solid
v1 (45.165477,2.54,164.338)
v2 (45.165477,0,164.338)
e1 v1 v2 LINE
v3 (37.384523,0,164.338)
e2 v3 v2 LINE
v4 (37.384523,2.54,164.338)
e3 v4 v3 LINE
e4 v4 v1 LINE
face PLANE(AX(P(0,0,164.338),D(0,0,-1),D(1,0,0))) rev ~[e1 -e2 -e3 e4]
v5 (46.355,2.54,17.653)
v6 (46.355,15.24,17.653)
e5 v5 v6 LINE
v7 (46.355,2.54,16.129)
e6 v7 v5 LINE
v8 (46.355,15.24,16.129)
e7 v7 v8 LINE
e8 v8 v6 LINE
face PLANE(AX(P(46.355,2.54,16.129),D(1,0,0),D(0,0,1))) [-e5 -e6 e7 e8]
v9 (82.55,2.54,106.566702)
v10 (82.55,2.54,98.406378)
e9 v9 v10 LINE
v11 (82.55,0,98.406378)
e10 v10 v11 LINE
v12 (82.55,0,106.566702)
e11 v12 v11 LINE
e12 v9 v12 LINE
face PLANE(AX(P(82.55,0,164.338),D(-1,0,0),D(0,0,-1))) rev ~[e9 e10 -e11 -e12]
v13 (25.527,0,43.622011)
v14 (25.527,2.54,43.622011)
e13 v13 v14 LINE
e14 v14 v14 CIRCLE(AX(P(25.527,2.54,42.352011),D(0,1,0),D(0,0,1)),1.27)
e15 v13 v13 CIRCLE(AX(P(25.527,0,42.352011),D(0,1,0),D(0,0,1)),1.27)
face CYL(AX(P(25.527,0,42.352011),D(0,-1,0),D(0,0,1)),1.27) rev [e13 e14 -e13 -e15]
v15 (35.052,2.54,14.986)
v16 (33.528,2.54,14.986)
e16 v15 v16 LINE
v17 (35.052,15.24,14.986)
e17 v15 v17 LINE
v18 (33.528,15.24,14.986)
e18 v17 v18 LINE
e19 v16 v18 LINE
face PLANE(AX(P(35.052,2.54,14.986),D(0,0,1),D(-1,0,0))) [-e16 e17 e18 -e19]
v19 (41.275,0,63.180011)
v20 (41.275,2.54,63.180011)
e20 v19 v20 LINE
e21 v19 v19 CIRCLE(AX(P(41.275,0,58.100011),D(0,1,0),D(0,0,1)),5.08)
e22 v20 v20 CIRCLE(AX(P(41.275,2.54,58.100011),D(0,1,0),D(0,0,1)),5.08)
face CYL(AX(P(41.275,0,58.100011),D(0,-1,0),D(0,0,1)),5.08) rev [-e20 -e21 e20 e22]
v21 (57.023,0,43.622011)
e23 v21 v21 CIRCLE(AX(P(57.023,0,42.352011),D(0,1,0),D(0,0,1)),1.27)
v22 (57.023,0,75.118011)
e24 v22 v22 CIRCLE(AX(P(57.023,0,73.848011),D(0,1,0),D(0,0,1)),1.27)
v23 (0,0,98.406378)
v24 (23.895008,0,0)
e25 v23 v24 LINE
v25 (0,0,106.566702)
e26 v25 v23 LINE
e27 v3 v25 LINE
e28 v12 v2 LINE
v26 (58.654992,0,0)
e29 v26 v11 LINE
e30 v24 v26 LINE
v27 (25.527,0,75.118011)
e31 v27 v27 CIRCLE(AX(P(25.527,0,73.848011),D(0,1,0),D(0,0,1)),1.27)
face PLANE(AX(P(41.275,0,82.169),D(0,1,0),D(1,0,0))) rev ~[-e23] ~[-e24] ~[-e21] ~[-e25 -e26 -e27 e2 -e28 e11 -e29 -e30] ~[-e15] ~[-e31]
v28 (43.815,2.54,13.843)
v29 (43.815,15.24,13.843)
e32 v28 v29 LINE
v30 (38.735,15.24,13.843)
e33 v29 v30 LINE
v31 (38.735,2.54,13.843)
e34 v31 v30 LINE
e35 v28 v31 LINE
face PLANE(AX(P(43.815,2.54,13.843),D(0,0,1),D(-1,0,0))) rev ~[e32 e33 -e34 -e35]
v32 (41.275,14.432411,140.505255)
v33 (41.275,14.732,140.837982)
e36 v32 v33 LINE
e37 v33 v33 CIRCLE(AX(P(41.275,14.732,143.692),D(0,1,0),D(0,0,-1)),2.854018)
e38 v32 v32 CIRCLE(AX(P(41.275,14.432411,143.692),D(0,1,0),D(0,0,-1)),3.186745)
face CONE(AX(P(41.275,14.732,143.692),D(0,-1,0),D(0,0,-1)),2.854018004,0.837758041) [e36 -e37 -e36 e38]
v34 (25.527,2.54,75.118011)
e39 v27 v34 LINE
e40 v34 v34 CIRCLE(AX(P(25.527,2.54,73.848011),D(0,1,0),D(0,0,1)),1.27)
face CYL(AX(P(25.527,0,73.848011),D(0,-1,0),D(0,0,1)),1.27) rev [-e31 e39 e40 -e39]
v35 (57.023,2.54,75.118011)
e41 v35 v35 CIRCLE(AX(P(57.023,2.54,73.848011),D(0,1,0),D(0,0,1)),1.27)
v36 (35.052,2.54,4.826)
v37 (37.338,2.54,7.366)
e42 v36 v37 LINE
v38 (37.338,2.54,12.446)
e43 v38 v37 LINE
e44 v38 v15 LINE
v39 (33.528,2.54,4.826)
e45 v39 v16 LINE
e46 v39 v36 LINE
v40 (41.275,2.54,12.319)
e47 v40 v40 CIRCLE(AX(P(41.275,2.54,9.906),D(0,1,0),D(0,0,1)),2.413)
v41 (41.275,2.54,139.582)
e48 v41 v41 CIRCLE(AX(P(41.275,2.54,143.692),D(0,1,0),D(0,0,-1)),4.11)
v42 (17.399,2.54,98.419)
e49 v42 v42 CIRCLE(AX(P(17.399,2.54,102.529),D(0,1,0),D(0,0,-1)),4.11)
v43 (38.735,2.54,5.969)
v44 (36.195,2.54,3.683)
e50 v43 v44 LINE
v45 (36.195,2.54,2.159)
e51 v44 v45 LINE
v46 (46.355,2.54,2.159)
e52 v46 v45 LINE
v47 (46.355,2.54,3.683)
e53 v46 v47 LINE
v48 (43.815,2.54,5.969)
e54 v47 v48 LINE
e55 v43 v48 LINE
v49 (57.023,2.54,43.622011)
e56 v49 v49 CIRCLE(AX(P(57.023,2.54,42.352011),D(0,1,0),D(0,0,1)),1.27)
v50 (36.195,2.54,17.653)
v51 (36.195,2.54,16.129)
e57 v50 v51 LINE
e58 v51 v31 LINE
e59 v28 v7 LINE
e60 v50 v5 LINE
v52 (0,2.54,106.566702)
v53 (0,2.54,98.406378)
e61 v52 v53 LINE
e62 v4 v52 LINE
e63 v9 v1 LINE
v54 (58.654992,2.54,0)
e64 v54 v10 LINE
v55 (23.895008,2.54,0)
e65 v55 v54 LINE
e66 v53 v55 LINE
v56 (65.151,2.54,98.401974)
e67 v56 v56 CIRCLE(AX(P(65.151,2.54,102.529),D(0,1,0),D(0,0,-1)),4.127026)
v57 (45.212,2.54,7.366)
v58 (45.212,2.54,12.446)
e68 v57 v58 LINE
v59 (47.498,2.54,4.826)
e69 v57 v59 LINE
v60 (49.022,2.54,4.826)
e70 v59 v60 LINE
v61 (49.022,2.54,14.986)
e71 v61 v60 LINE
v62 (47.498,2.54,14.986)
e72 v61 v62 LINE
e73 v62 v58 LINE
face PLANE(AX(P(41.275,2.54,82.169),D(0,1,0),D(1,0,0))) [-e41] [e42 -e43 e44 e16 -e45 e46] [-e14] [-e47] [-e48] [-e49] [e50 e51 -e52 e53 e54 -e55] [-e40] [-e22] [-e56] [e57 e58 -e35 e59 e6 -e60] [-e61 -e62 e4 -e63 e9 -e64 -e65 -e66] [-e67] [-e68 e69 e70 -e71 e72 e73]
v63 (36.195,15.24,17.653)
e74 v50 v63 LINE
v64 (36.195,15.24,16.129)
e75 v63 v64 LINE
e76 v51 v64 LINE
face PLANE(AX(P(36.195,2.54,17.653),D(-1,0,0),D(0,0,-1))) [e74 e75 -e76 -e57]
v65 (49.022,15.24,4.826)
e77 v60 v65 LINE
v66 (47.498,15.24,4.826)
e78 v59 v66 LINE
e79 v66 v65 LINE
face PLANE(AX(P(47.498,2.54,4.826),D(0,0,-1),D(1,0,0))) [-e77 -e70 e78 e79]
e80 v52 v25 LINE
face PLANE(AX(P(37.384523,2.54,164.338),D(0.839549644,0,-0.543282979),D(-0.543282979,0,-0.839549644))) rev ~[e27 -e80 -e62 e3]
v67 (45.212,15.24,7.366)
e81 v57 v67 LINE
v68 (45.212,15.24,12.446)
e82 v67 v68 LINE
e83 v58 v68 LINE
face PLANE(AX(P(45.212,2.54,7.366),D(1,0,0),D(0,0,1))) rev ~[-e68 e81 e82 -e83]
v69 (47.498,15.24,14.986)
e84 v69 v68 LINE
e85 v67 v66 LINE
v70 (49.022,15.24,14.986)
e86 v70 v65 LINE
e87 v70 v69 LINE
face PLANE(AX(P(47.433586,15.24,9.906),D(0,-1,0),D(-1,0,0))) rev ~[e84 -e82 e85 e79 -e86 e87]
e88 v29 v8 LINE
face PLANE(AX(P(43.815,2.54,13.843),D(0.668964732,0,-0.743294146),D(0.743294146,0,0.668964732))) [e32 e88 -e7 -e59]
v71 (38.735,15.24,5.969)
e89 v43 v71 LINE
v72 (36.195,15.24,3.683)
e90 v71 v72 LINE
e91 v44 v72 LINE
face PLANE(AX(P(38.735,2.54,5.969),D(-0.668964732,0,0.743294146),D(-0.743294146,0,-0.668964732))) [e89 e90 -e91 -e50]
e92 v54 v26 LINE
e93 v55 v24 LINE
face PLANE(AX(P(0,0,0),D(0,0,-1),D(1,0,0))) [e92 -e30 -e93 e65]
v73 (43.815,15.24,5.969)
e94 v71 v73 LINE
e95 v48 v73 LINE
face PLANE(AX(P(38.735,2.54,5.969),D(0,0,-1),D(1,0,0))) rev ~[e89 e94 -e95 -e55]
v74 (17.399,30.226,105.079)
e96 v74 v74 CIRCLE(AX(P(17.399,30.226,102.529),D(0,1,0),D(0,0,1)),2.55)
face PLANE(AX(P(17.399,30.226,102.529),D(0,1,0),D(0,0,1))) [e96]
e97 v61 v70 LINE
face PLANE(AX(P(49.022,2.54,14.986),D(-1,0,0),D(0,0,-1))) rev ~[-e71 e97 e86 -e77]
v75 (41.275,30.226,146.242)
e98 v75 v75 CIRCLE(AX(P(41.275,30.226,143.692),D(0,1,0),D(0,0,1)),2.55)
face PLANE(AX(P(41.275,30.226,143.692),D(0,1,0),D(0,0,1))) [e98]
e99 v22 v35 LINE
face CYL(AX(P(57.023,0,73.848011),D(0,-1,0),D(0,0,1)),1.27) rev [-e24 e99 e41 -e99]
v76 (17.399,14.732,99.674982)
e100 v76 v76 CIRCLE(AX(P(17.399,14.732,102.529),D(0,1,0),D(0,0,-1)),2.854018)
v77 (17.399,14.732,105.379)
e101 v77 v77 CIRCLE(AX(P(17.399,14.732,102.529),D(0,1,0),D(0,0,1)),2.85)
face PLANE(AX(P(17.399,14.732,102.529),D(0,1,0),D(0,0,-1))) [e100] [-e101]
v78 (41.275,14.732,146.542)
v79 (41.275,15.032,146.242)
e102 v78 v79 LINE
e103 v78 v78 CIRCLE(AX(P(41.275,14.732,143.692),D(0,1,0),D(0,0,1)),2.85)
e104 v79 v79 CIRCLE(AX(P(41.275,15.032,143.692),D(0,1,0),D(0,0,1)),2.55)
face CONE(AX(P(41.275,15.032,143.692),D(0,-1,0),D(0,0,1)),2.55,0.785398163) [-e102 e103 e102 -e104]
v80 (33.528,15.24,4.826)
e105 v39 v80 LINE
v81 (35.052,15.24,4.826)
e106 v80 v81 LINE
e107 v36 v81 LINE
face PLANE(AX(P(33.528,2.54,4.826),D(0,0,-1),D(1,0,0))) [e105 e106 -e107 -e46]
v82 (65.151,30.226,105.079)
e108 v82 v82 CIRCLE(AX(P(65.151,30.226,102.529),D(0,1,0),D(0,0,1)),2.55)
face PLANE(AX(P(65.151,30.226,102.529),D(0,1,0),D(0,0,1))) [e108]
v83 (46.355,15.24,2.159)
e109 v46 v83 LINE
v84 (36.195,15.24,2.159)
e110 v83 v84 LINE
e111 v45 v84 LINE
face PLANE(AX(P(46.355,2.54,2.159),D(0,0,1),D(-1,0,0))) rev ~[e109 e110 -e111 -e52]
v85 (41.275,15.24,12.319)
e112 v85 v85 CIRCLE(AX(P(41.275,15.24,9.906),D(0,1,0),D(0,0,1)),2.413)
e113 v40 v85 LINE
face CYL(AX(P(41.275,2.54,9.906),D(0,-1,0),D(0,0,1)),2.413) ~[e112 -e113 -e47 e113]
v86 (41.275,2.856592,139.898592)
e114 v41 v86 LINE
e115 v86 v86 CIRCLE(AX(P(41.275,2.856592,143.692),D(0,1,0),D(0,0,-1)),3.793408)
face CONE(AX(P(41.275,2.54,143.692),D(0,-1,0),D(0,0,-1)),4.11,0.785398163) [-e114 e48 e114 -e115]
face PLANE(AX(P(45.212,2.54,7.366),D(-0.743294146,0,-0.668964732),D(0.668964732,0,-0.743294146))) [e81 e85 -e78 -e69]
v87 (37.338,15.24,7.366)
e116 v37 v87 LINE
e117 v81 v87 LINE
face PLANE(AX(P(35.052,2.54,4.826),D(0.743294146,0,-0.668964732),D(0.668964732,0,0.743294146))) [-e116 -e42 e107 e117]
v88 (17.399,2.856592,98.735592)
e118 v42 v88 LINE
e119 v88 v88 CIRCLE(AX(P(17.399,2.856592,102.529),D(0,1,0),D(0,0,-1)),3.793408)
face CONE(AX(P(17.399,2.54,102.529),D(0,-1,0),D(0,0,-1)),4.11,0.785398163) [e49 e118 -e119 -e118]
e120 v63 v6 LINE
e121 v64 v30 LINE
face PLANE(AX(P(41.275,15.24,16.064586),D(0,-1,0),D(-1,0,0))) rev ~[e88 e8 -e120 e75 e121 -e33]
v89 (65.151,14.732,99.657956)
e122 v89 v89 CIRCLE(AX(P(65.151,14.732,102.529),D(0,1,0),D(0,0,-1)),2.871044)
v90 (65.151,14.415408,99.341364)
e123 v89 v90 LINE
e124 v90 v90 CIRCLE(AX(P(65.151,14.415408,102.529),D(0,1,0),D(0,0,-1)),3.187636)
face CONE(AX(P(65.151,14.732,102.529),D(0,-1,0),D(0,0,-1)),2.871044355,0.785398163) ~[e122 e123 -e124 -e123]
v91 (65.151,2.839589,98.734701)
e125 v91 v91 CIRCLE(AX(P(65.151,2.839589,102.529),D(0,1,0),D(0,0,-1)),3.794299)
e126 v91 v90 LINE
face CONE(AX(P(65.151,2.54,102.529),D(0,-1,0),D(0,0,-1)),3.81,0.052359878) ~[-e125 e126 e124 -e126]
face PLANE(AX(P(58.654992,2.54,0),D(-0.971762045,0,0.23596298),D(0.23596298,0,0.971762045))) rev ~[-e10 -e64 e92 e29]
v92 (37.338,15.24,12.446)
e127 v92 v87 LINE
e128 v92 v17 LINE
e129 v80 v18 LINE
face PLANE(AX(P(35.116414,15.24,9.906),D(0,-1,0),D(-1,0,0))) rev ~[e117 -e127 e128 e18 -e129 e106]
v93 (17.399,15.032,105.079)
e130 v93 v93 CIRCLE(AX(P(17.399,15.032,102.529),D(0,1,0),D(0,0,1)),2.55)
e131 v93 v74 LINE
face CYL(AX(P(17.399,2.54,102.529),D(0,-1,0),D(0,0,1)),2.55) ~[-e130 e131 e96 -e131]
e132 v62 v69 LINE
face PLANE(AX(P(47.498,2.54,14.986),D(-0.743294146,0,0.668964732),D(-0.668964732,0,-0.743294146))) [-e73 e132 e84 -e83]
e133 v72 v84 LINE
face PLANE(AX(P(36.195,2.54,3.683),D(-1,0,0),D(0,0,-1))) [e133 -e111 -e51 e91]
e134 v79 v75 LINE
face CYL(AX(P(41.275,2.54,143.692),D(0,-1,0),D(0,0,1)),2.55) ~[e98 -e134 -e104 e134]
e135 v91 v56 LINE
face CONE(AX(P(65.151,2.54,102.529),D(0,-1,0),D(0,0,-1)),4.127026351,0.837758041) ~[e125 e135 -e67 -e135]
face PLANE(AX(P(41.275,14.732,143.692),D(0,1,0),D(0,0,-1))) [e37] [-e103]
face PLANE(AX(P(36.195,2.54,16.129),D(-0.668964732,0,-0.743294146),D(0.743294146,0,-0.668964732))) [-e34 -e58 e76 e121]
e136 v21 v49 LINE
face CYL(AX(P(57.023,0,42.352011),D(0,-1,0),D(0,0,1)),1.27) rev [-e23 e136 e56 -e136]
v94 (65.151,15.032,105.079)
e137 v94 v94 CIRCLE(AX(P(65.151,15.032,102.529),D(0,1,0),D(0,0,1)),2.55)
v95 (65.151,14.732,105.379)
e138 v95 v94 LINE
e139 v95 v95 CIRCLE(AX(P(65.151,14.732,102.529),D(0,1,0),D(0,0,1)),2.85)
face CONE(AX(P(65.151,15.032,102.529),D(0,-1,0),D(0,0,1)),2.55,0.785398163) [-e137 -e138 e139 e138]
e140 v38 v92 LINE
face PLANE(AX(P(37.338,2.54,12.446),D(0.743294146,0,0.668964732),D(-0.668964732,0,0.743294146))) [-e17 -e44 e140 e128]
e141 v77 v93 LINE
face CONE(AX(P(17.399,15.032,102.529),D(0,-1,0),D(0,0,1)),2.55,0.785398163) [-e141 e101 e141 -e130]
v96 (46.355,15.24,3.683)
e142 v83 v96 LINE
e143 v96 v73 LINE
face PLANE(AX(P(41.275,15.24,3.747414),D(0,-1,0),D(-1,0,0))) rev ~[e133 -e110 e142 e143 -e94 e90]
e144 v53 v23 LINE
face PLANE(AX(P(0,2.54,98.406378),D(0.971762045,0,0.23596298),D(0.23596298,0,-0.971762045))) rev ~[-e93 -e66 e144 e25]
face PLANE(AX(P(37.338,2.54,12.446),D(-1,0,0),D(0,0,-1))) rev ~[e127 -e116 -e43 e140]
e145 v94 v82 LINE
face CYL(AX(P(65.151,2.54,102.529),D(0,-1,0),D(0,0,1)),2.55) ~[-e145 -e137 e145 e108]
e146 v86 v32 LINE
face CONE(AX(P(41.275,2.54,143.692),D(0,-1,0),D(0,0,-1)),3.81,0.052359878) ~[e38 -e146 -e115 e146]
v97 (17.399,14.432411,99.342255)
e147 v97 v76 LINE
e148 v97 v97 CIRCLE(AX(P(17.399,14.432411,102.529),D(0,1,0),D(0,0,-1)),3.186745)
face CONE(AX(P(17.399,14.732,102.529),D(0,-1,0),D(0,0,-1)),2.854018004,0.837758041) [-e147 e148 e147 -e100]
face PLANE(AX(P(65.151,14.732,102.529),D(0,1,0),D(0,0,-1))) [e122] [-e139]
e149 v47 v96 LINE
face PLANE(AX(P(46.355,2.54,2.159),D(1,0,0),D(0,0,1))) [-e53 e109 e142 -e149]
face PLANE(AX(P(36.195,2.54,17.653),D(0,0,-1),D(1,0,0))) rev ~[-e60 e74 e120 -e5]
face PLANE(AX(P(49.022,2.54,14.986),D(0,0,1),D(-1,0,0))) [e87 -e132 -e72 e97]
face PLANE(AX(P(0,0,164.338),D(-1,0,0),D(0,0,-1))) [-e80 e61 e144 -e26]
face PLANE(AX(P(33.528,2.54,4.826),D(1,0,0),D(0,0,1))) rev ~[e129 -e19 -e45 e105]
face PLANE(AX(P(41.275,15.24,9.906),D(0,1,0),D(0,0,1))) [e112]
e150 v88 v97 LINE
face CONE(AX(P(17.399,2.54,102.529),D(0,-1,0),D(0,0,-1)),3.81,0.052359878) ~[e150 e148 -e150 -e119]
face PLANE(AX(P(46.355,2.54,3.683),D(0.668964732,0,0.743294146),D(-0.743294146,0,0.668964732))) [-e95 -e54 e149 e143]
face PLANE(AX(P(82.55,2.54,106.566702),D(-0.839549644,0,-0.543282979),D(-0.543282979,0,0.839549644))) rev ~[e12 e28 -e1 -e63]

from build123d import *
from OCP.BRepFilletAPI import BRepFilletAPI_MakeChamfer

# Parameters (mm, degrees)
SKETCH1_W               = 82.55
SKETCH1_H               = 164.338
SKETCH1_R               = 5.08
SKETCH1_R_2             = 1.27
BASE_EXTRUDE_DEPTH      = 2.54
SKETCH6_R               = 2.413
MIDDLE_BAR_HOLDER_DEPTH = 12.7
SKETCH7_R               = 2.55
BOSS_EXTRUDE6_DEPTH     = 27.686
SKETCH7_3_R             = 3.81
SKETCH7_3_R_2           = 2.55
BOSS_EXTRUDE7_DEPTH     = 12.192
CUT_EXTRUDE1_DEPTH      = 10
DRAFT4_ANGLE            = 4
DRAFT5_ANGLE            = 3
CHAMFER1_SIZE           = 0.3
CHAMFER1_SIZE2          = 0.317026351
CHAMFER2_SIZE           = 0.3
CHAMFER2_SIZE2          = 0.317026351
CHAMFER3_SIZE           = 0.3
CHAMFER3_SIZE2          = 0.317026351


with BuildPart() as part:
    # Sketch1 → base extrude (new body)
    with BuildSketch(Plane(origin=(0, 0, 0), x_dir=(1, 0, 0), z_dir=(0, 1, 0))):
        with Locations((41.275, -82.169)):
            Rectangle(SKETCH1_W, SKETCH1_H)
        with Locations(Location((41.275, -58.1000108, 0), (0, 0, 270))):
            Circle(SKETCH1_R, mode=Mode.SUBTRACT)
        with Locations(Location((57.023, -42.3520108, 0), (0, 0, 270))):
            Circle(SKETCH1_R_2, mode=Mode.SUBTRACT)
        with Locations(Location((57.023, -73.8480108, 0), (0, 0, 270))):
            Circle(SKETCH1_R_2, mode=Mode.SUBTRACT)
        with Locations(Location((25.527, -73.8480108, 0), (0, 0, 270))):
            Circle(SKETCH1_R_2, mode=Mode.SUBTRACT)
        with Locations(Location((25.527, -42.3520108, 0), (0, 0, 270))):
            Circle(SKETCH1_R_2, mode=Mode.SUBTRACT)
    extrude(amount=BASE_EXTRUDE_DEPTH)

    # Sketch6 → middle bar holder (add)
    with BuildSketch(Plane(origin=(0, 2.54, 0), x_dir=(1, 0, 0), z_dir=(0, 1, 0))):
        Polygon((33.528, -9.906), (33.528, -4.826), (35.052, -4.826), (37.338, -7.366), (37.338, -9.906), (37.338, -12.446), (35.052, -14.986), (33.528, -14.986), align=None)
        with Locations(Location((41.275, -9.906, 0), (0, 0, 270))):
            Circle(SKETCH6_R)
        Polygon((41.275, -2.159), (46.355, -2.159), (46.355, -3.683), (43.815, -5.969), (41.275, -5.969), (38.735, -5.969), (36.195, -3.683), (36.195, -2.159), align=None)
        Polygon((47.498, -14.986), (45.212, -12.446), (45.212, -9.906), (45.212, -7.366), (47.498, -4.826), (49.022, -4.826), (49.022, -9.906), (49.022, -14.986), align=None)
        Polygon((41.275, -17.653), (36.195, -17.653), (36.195, -16.129), (38.735, -13.843), (41.275, -13.843), (43.815, -13.843), (46.355, -16.129), (46.355, -17.653), align=None)
    extrude(amount=MIDDLE_BAR_HOLDER_DEPTH)

    # Sketch7 → Boss-Extrude6 (add)
    with BuildSketch(Plane(origin=(0, 2.54, 0), x_dir=(1, 0, 0), z_dir=(0, 1, 0))):
        with Locations(Location((17.399, -102.529, 0), (0, 0, 270))):
            Circle(SKETCH7_R)
        with Locations(Location((41.275, -143.692, 0), (0, 0, 270))):
            Circle(SKETCH7_R)
        with Locations(Location((65.151, -102.529, 0), (0, 0, 270))):
            Circle(SKETCH7_R)
    extrude(amount=BOSS_EXTRUDE6_DEPTH)

    # Sketch7<3> → Boss-Extrude7 (add)
    # profile 1 of 3: a face of its own
    with BuildSketch(Plane(origin=(0, 2.54, 0), x_dir=(1, 0, 0), z_dir=(0, 1, 0))):
        with Locations(Location((41.275, -143.692, 0), (0, 0, 90))):
            Circle(SKETCH7_3_R)
        with Locations(Location((41.275, -143.692, 0), (0, 0, 270))):
            Circle(SKETCH7_3_R_2, mode=Mode.SUBTRACT)
    # profile 2 of 3: a face of its own
    with BuildSketch(Plane(origin=(0, 2.54, 0), x_dir=(1, 0, 0), z_dir=(0, 1, 0))):
        with Locations(Location((65.151, -102.529, 0), (0, 0, 90))):
            Circle(SKETCH7_3_R)
        with Locations(Location((65.151, -102.529, 0), (0, 0, 270))):
            Circle(SKETCH7_3_R_2, mode=Mode.SUBTRACT)
    # profile 3 of 3: a face of its own
    with BuildSketch(Plane(origin=(0, 2.54, 0), x_dir=(1, 0, 0), z_dir=(0, 1, 0))):
        with Locations(Location((17.399, -102.529, 0), (0, 0, 90))):
            Circle(SKETCH7_3_R)
        with Locations(Location((17.399, -102.529, 0), (0, 0, 270))):
            Circle(SKETCH7_3_R_2, mode=Mode.SUBTRACT)
    extrude(amount=BOSS_EXTRUDE7_DEPTH)

    # Sketch8 → Cut-Extrude1 (cut)
    with BuildSketch(Plane(origin=(0, 2.54, 0), x_dir=(1, 0, 0), z_dir=(0, 1, 0))):
        Polygon((0, -164.338), (37.384522851, -164.338), (0, -106.566701997), align=None)
        Polygon((82.55, -106.566701997), (45.165477149, -164.338), (82.55, -164.338), align=None)
        Polygon((58.654991564, 0), (82.55, -98.406378462), (82.55, 0), align=None)
        Polygon((0, 0), (0, -98.406378462), (23.895008436, 0), align=None)
    extrude(amount=-CUT_EXTRUDE1_DEPTH, mode=Mode.SUBTRACT)

    # Draft4
    draft4_faces = [part.faces().sort_by_distance(p)[0] for p in [
        (41.275, 8.636, 147.502),
        (17.399, 8.636, 106.339),
        (65.151, 8.636, 106.339),
    ]]
    draft(draft4_faces, Plane.ZX.offset(2.54), DRAFT4_ANGLE)

    # Draft5
    draft5_faces = [part.faces().sort_by_distance(p)[0] for p in [
        (41.275, 8.636, 147.075726154),
        (65.151, 8.636, 105.912726154),
        (17.399, 8.636, 105.912726154),
    ]]
    draft(draft5_faces, Plane.ZX.offset(2.54), DRAFT5_ANGLE)

    # Chamfer1: one chamfer whose edges measure the first distance from different faces: ONE call of the kernel's chamfer builder (chamfer() names one face for all edges)
    chamfer1_edges_1 = [part.edges().sort_by_distance(p)[0] for p in [
        (65.151, 14.732, 99.979),
    ]]
    chamfer1_edges_2 = [part.edges().sort_by_distance(p)[0] for p in [
        (65.151, 2.54, 106.339),
    ]]
    chamfer1_side_2 = [part.faces().sort_by_distance(p)[0] for p in [
        (65.151, 8.636, 106.019522177),
    ]]
    chamfer1_edges_3 = [part.edges().sort_by_distance(p)[0] for p in [
        (65.151, 14.732, 105.700044355),
    ]]
    chamfer1_side_3 = [part.faces().sort_by_distance(p)[0] for p in [
        (65.151, 14.732, 105.610353676),
    ]]
    chamfer1 = BRepFilletAPI_MakeChamfer(part.part.solid().wrapped)
    for e in chamfer1_edges_1:
        chamfer1.Add(CHAMFER1_SIZE, e.wrapped)
    for e in chamfer1_edges_2:
        chamfer1.Add(CHAMFER1_SIZE, CHAMFER1_SIZE2, e.wrapped, chamfer1_side_2[0].wrapped)  # the first distance lies on this face
    for e in chamfer1_edges_3:
        chamfer1.Add(CHAMFER1_SIZE, CHAMFER1_SIZE2, e.wrapped, chamfer1_side_3[0].wrapped)  # the first distance lies on this face
    add(Compound.cast(chamfer1.Shape()), mode=Mode.REPLACE)

    # Chamfer2: one chamfer whose edges measure the first distance from different faces: ONE call of the kernel's chamfer builder (chamfer() names one face for all edges)
    chamfer2_edges_1 = [part.edges().sort_by_distance(p)[0] for p in [
        (17.399, 14.732, 99.979),
    ]]
    chamfer2_edges_2 = [part.edges().sort_by_distance(p)[0] for p in [
        (17.399, 2.54, 106.339),
    ]]
    chamfer2_side_2 = [part.faces().sort_by_distance(p)[0] for p in [
        (41.253202906, 2.54, 80.858952194),
    ]]
    chamfer2_edges_3 = [part.edges().sort_by_distance(p)[0] for p in [
        (17.399, 14.732, 105.700044355),
    ]]
    chamfer2_side_3 = [part.faces().sort_by_distance(p)[0] for p in [
        (17.399, 8.636, 106.019522177),
    ]]
    chamfer2 = BRepFilletAPI_MakeChamfer(part.part.solid().wrapped)
    for e in chamfer2_edges_1:
        chamfer2.Add(CHAMFER2_SIZE, e.wrapped)
    for e in chamfer2_edges_2:
        chamfer2.Add(CHAMFER2_SIZE, CHAMFER2_SIZE2, e.wrapped, chamfer2_side_2[0].wrapped)  # the first distance lies on this face
    for e in chamfer2_edges_3:
        chamfer2.Add(CHAMFER2_SIZE, CHAMFER2_SIZE2, e.wrapped, chamfer2_side_3[0].wrapped)  # the first distance lies on this face
    add(Compound.cast(chamfer2.Shape()), mode=Mode.REPLACE)

    # Chamfer3: one chamfer whose edges measure the first distance from different faces: ONE call of the kernel's chamfer builder (chamfer() names one face for all edges)
    chamfer3_edges_1 = [part.edges().sort_by_distance(p)[0] for p in [
        (41.275, 14.732, 141.142),
    ]]
    chamfer3_edges_2 = [part.edges().sort_by_distance(p)[0] for p in [
        (41.275, 2.54, 147.502),
    ]]
    chamfer3_side_2 = [part.faces().sort_by_distance(p)[0] for p in [
        (41.27378406, 2.54, 80.840255506),
    ]]
    chamfer3_edges_3 = [part.edges().sort_by_distance(p)[0] for p in [
        (41.275, 14.732, 146.863044355),
    ]]
    chamfer3_side_3 = [part.faces().sort_by_distance(p)[0] for p in [
        (41.275, 8.636, 147.182522177),
    ]]
    chamfer3 = BRepFilletAPI_MakeChamfer(part.part.solid().wrapped)
    for e in chamfer3_edges_1:
        chamfer3.Add(CHAMFER3_SIZE, e.wrapped)
    for e in chamfer3_edges_2:
        chamfer3.Add(CHAMFER3_SIZE, CHAMFER3_SIZE2, e.wrapped, chamfer3_side_2[0].wrapped)  # the first distance lies on this face
    for e in chamfer3_edges_3:
        chamfer3.Add(CHAMFER3_SIZE, CHAMFER3_SIZE2, e.wrapped, chamfer3_side_3[0].wrapped)  # the first distance lies on this face
    add(Compound.cast(chamfer3.Shape()), mode=Mode.REPLACE)


solid = part.part
